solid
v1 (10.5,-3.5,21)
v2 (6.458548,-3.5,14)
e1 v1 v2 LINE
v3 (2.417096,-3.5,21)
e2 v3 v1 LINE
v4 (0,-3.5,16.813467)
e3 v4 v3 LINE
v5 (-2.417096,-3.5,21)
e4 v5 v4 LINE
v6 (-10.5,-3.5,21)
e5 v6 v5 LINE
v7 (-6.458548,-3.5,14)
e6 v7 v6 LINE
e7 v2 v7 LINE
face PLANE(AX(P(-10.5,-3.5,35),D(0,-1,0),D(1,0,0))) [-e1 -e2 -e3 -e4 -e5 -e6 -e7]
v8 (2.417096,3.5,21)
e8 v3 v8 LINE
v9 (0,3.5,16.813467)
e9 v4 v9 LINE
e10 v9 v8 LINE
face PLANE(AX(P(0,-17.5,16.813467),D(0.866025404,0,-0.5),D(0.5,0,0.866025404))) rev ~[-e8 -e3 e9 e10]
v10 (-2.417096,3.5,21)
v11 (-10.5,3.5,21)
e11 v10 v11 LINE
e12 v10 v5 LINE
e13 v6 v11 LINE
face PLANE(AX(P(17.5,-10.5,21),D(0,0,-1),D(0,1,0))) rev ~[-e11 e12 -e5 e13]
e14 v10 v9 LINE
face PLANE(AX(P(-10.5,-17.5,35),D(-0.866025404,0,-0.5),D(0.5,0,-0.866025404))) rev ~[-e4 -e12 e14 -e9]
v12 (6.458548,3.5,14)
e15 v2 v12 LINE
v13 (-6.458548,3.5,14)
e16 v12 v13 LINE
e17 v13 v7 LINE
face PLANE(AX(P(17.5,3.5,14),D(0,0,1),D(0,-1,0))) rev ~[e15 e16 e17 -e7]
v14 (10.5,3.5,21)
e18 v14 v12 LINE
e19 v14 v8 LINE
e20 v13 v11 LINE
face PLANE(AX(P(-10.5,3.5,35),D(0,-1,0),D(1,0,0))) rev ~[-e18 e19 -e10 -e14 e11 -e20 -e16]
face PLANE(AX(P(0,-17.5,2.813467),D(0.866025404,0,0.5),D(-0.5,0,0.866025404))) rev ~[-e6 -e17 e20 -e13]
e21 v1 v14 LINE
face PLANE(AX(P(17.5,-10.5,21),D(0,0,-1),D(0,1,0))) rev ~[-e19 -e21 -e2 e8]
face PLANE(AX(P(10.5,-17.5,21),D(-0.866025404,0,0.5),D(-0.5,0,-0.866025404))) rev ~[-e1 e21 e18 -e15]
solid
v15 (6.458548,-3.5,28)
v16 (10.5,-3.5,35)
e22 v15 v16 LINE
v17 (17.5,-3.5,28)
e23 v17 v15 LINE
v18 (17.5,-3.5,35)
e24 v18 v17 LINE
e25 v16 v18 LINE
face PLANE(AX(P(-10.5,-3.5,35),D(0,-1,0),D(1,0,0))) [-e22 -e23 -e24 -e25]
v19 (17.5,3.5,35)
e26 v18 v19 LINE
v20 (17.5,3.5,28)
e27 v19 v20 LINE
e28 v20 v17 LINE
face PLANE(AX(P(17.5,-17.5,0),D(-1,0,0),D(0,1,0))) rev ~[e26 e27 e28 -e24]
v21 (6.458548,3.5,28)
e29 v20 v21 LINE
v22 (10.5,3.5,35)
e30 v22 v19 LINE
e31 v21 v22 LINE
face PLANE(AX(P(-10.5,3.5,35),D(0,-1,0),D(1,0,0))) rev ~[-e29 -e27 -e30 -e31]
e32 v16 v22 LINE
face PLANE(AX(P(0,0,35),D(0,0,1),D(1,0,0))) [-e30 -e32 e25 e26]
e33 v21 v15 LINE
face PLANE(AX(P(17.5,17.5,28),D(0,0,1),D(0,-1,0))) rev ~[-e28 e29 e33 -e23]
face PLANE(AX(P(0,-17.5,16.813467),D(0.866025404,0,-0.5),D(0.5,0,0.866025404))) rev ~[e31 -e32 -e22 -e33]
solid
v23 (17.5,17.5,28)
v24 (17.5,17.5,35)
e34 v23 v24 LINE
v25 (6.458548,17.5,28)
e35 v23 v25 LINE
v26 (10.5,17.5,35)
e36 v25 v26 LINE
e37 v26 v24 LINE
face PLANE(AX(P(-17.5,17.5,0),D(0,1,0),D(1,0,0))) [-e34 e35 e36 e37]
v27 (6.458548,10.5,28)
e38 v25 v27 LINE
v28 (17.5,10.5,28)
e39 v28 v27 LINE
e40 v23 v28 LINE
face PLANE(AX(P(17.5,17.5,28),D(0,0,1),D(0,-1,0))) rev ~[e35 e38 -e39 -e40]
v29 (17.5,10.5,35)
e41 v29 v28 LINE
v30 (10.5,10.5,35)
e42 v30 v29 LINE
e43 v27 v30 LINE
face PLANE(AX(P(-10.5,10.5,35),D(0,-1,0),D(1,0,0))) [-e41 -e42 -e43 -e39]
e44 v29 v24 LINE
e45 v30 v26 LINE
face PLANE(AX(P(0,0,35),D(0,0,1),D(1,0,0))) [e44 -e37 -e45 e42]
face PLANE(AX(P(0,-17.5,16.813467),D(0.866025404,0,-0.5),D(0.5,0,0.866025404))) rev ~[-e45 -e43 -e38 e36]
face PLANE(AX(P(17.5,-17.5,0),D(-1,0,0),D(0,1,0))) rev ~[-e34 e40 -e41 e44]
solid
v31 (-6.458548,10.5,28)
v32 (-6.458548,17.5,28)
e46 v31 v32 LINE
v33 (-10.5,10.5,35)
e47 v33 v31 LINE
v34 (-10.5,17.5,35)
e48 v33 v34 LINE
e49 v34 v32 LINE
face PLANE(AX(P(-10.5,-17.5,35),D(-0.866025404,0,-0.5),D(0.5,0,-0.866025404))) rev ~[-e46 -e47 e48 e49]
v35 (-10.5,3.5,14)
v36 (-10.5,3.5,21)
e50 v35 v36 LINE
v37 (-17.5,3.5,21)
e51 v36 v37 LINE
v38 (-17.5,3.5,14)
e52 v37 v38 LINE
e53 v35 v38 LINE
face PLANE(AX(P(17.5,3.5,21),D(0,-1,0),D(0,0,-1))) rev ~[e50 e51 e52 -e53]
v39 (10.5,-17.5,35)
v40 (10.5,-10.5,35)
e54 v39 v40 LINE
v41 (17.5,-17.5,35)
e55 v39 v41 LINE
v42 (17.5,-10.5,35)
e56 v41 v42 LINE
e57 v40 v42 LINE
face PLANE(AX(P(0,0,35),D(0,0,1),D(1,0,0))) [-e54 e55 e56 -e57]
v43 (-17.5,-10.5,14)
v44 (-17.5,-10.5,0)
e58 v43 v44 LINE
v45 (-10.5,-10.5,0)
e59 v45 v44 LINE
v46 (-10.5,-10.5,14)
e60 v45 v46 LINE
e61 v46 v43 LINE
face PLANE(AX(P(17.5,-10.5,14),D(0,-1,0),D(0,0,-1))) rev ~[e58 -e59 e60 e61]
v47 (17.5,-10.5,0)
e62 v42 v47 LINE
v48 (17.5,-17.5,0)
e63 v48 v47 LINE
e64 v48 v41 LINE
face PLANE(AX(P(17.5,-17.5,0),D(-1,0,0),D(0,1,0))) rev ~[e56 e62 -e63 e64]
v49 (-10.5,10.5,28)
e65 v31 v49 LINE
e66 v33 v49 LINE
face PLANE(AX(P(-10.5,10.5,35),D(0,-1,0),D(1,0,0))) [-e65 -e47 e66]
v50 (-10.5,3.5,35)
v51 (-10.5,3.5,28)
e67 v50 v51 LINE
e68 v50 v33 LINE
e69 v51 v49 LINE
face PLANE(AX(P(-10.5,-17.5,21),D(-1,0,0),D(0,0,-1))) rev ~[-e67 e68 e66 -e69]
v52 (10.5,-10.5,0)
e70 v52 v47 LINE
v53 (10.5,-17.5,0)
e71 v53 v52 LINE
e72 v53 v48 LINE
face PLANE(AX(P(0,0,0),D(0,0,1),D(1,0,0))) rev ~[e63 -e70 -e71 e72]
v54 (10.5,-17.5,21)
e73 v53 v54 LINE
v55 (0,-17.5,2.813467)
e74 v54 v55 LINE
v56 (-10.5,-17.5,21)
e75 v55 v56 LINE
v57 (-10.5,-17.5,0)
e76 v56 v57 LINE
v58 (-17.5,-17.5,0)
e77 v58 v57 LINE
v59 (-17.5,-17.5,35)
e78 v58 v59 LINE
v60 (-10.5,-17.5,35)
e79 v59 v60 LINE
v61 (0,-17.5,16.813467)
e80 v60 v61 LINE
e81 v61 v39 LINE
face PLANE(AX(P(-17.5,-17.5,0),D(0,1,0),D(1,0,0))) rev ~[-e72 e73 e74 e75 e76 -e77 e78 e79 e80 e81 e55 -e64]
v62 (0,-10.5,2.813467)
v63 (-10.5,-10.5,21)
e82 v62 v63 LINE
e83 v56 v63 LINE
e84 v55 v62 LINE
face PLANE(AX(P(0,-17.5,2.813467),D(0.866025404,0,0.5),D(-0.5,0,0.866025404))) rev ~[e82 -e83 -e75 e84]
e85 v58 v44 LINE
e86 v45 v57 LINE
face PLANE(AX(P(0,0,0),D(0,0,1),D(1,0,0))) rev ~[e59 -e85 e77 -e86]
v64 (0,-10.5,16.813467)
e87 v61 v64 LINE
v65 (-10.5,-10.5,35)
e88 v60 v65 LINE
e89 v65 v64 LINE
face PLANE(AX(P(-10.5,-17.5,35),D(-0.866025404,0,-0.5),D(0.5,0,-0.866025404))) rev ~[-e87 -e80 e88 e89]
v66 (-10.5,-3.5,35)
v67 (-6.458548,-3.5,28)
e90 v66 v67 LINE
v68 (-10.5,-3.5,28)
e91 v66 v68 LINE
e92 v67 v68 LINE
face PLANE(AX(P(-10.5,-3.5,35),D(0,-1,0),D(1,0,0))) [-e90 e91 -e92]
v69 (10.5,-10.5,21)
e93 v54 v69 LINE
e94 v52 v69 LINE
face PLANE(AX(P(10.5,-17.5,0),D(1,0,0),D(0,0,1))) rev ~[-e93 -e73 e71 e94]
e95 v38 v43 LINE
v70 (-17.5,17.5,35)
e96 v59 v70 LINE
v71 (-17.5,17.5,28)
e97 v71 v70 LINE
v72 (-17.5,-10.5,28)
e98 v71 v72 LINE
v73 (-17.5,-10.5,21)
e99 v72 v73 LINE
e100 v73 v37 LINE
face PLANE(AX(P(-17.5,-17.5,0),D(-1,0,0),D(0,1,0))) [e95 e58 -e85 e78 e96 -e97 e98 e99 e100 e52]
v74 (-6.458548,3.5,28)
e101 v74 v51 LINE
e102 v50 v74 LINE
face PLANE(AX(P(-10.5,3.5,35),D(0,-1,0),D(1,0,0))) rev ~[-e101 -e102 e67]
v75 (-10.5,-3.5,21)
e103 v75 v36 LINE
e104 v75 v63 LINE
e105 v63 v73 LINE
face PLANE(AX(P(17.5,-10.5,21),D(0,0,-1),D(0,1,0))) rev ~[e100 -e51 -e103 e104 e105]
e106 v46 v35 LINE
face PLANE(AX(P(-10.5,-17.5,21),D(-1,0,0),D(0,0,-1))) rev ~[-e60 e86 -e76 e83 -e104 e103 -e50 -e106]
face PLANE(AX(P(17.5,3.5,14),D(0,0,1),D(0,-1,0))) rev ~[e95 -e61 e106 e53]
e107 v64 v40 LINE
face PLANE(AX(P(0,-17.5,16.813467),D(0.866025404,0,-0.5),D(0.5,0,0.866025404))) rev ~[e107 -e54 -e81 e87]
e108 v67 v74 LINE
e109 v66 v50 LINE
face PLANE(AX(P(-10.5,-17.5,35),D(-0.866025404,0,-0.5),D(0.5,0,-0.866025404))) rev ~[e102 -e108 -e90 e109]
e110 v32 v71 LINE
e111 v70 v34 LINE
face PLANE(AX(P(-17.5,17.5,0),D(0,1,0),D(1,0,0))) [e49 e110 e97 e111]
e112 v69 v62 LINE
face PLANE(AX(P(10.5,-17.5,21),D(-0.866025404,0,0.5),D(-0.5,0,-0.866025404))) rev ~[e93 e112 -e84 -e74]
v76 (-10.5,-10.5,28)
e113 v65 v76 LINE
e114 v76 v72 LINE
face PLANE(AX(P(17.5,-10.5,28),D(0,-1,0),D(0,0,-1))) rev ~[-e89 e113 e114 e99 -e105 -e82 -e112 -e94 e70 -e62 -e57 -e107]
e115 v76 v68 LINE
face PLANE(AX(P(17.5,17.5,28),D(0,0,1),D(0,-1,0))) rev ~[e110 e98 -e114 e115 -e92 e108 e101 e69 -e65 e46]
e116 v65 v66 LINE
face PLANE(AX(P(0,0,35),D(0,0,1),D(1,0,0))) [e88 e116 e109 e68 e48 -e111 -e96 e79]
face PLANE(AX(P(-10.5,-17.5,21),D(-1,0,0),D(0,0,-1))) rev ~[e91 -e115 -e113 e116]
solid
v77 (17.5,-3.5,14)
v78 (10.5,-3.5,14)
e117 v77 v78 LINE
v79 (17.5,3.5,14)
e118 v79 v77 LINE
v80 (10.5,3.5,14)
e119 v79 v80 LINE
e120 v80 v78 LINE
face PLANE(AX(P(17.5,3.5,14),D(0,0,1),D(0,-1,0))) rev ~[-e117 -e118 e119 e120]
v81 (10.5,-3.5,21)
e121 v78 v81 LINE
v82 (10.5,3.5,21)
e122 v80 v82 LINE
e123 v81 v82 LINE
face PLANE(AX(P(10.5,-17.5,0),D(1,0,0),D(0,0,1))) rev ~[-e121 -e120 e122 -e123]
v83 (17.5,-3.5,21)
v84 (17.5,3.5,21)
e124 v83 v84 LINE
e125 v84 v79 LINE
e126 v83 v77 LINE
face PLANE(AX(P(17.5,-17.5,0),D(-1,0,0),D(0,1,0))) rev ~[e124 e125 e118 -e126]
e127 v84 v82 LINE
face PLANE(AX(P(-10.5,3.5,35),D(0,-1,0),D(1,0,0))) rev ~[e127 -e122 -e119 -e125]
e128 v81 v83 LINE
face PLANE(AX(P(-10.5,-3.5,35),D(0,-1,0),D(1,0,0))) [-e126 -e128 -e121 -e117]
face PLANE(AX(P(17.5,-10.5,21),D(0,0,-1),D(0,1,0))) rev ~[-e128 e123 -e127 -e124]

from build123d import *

# Parameters (mm, degrees)
F0_W     = 35
F0_H     = 35
F1_DEPTH = 35
F2_W     = 28
F2_H     = 7
F5_DEPTH = 35
F6_DEPTH = 35
F7_DEPTH = 35
F8_DEPTH = 35
F9_DEPTH = 35


with BuildPart() as f1:
    # F0 (on Top) → F1 (new body)
    with BuildSketch(Plane.XY):
        Rectangle(F0_W, F0_H)
    extrude(amount=F1_DEPTH)

    # F2 (on face) → F5 (cut)
    with BuildSketch(Plane.XY.offset(35)):
        with Locations((3.5, 7)):
            Rectangle(F2_W, F2_H)
    extrude(amount=-F5_DEPTH, mode=Mode.SUBTRACT)

    # F2 (on face) → F6 (cut)
    with BuildSketch(Plane.XY.offset(35)):
        with Locations((3.5, -7)):
            Rectangle(F2_W, F2_H)
    extrude(amount=-F6_DEPTH, mode=Mode.SUBTRACT)

    # F3 (on face) → F7 (cut)
    with BuildSketch(Plane.XZ.offset(17.5)):
        Polygon((10.5, 35), (-10.5, 35), (0, 16.8134665205), align=None)
    extrude(amount=-F7_DEPTH, mode=Mode.SUBTRACT)

    # F3 (on face) → F8 (cut)
    with BuildSketch(Plane.XZ.offset(17.5)):
        Polygon((-10.5, 21), (-10.5, 0), (10.5, 0), (10.5, 21), (0, 2.8134665205), align=None)
    extrude(amount=-F8_DEPTH, mode=Mode.SUBTRACT)

    # F4 (on face) → F9 (cut)
    with BuildSketch(Plane.YZ.offset(17.5)):
        Polygon((17.5, 28), (-10.5, 28), (-10.5, 21), (3.5, 21), (3.5, 14), (-10.5, 14), (-10.5, 0), (17.5, 0), align=None)
    extrude(amount=-F9_DEPTH, mode=Mode.SUBTRACT)


solid = f1.part
